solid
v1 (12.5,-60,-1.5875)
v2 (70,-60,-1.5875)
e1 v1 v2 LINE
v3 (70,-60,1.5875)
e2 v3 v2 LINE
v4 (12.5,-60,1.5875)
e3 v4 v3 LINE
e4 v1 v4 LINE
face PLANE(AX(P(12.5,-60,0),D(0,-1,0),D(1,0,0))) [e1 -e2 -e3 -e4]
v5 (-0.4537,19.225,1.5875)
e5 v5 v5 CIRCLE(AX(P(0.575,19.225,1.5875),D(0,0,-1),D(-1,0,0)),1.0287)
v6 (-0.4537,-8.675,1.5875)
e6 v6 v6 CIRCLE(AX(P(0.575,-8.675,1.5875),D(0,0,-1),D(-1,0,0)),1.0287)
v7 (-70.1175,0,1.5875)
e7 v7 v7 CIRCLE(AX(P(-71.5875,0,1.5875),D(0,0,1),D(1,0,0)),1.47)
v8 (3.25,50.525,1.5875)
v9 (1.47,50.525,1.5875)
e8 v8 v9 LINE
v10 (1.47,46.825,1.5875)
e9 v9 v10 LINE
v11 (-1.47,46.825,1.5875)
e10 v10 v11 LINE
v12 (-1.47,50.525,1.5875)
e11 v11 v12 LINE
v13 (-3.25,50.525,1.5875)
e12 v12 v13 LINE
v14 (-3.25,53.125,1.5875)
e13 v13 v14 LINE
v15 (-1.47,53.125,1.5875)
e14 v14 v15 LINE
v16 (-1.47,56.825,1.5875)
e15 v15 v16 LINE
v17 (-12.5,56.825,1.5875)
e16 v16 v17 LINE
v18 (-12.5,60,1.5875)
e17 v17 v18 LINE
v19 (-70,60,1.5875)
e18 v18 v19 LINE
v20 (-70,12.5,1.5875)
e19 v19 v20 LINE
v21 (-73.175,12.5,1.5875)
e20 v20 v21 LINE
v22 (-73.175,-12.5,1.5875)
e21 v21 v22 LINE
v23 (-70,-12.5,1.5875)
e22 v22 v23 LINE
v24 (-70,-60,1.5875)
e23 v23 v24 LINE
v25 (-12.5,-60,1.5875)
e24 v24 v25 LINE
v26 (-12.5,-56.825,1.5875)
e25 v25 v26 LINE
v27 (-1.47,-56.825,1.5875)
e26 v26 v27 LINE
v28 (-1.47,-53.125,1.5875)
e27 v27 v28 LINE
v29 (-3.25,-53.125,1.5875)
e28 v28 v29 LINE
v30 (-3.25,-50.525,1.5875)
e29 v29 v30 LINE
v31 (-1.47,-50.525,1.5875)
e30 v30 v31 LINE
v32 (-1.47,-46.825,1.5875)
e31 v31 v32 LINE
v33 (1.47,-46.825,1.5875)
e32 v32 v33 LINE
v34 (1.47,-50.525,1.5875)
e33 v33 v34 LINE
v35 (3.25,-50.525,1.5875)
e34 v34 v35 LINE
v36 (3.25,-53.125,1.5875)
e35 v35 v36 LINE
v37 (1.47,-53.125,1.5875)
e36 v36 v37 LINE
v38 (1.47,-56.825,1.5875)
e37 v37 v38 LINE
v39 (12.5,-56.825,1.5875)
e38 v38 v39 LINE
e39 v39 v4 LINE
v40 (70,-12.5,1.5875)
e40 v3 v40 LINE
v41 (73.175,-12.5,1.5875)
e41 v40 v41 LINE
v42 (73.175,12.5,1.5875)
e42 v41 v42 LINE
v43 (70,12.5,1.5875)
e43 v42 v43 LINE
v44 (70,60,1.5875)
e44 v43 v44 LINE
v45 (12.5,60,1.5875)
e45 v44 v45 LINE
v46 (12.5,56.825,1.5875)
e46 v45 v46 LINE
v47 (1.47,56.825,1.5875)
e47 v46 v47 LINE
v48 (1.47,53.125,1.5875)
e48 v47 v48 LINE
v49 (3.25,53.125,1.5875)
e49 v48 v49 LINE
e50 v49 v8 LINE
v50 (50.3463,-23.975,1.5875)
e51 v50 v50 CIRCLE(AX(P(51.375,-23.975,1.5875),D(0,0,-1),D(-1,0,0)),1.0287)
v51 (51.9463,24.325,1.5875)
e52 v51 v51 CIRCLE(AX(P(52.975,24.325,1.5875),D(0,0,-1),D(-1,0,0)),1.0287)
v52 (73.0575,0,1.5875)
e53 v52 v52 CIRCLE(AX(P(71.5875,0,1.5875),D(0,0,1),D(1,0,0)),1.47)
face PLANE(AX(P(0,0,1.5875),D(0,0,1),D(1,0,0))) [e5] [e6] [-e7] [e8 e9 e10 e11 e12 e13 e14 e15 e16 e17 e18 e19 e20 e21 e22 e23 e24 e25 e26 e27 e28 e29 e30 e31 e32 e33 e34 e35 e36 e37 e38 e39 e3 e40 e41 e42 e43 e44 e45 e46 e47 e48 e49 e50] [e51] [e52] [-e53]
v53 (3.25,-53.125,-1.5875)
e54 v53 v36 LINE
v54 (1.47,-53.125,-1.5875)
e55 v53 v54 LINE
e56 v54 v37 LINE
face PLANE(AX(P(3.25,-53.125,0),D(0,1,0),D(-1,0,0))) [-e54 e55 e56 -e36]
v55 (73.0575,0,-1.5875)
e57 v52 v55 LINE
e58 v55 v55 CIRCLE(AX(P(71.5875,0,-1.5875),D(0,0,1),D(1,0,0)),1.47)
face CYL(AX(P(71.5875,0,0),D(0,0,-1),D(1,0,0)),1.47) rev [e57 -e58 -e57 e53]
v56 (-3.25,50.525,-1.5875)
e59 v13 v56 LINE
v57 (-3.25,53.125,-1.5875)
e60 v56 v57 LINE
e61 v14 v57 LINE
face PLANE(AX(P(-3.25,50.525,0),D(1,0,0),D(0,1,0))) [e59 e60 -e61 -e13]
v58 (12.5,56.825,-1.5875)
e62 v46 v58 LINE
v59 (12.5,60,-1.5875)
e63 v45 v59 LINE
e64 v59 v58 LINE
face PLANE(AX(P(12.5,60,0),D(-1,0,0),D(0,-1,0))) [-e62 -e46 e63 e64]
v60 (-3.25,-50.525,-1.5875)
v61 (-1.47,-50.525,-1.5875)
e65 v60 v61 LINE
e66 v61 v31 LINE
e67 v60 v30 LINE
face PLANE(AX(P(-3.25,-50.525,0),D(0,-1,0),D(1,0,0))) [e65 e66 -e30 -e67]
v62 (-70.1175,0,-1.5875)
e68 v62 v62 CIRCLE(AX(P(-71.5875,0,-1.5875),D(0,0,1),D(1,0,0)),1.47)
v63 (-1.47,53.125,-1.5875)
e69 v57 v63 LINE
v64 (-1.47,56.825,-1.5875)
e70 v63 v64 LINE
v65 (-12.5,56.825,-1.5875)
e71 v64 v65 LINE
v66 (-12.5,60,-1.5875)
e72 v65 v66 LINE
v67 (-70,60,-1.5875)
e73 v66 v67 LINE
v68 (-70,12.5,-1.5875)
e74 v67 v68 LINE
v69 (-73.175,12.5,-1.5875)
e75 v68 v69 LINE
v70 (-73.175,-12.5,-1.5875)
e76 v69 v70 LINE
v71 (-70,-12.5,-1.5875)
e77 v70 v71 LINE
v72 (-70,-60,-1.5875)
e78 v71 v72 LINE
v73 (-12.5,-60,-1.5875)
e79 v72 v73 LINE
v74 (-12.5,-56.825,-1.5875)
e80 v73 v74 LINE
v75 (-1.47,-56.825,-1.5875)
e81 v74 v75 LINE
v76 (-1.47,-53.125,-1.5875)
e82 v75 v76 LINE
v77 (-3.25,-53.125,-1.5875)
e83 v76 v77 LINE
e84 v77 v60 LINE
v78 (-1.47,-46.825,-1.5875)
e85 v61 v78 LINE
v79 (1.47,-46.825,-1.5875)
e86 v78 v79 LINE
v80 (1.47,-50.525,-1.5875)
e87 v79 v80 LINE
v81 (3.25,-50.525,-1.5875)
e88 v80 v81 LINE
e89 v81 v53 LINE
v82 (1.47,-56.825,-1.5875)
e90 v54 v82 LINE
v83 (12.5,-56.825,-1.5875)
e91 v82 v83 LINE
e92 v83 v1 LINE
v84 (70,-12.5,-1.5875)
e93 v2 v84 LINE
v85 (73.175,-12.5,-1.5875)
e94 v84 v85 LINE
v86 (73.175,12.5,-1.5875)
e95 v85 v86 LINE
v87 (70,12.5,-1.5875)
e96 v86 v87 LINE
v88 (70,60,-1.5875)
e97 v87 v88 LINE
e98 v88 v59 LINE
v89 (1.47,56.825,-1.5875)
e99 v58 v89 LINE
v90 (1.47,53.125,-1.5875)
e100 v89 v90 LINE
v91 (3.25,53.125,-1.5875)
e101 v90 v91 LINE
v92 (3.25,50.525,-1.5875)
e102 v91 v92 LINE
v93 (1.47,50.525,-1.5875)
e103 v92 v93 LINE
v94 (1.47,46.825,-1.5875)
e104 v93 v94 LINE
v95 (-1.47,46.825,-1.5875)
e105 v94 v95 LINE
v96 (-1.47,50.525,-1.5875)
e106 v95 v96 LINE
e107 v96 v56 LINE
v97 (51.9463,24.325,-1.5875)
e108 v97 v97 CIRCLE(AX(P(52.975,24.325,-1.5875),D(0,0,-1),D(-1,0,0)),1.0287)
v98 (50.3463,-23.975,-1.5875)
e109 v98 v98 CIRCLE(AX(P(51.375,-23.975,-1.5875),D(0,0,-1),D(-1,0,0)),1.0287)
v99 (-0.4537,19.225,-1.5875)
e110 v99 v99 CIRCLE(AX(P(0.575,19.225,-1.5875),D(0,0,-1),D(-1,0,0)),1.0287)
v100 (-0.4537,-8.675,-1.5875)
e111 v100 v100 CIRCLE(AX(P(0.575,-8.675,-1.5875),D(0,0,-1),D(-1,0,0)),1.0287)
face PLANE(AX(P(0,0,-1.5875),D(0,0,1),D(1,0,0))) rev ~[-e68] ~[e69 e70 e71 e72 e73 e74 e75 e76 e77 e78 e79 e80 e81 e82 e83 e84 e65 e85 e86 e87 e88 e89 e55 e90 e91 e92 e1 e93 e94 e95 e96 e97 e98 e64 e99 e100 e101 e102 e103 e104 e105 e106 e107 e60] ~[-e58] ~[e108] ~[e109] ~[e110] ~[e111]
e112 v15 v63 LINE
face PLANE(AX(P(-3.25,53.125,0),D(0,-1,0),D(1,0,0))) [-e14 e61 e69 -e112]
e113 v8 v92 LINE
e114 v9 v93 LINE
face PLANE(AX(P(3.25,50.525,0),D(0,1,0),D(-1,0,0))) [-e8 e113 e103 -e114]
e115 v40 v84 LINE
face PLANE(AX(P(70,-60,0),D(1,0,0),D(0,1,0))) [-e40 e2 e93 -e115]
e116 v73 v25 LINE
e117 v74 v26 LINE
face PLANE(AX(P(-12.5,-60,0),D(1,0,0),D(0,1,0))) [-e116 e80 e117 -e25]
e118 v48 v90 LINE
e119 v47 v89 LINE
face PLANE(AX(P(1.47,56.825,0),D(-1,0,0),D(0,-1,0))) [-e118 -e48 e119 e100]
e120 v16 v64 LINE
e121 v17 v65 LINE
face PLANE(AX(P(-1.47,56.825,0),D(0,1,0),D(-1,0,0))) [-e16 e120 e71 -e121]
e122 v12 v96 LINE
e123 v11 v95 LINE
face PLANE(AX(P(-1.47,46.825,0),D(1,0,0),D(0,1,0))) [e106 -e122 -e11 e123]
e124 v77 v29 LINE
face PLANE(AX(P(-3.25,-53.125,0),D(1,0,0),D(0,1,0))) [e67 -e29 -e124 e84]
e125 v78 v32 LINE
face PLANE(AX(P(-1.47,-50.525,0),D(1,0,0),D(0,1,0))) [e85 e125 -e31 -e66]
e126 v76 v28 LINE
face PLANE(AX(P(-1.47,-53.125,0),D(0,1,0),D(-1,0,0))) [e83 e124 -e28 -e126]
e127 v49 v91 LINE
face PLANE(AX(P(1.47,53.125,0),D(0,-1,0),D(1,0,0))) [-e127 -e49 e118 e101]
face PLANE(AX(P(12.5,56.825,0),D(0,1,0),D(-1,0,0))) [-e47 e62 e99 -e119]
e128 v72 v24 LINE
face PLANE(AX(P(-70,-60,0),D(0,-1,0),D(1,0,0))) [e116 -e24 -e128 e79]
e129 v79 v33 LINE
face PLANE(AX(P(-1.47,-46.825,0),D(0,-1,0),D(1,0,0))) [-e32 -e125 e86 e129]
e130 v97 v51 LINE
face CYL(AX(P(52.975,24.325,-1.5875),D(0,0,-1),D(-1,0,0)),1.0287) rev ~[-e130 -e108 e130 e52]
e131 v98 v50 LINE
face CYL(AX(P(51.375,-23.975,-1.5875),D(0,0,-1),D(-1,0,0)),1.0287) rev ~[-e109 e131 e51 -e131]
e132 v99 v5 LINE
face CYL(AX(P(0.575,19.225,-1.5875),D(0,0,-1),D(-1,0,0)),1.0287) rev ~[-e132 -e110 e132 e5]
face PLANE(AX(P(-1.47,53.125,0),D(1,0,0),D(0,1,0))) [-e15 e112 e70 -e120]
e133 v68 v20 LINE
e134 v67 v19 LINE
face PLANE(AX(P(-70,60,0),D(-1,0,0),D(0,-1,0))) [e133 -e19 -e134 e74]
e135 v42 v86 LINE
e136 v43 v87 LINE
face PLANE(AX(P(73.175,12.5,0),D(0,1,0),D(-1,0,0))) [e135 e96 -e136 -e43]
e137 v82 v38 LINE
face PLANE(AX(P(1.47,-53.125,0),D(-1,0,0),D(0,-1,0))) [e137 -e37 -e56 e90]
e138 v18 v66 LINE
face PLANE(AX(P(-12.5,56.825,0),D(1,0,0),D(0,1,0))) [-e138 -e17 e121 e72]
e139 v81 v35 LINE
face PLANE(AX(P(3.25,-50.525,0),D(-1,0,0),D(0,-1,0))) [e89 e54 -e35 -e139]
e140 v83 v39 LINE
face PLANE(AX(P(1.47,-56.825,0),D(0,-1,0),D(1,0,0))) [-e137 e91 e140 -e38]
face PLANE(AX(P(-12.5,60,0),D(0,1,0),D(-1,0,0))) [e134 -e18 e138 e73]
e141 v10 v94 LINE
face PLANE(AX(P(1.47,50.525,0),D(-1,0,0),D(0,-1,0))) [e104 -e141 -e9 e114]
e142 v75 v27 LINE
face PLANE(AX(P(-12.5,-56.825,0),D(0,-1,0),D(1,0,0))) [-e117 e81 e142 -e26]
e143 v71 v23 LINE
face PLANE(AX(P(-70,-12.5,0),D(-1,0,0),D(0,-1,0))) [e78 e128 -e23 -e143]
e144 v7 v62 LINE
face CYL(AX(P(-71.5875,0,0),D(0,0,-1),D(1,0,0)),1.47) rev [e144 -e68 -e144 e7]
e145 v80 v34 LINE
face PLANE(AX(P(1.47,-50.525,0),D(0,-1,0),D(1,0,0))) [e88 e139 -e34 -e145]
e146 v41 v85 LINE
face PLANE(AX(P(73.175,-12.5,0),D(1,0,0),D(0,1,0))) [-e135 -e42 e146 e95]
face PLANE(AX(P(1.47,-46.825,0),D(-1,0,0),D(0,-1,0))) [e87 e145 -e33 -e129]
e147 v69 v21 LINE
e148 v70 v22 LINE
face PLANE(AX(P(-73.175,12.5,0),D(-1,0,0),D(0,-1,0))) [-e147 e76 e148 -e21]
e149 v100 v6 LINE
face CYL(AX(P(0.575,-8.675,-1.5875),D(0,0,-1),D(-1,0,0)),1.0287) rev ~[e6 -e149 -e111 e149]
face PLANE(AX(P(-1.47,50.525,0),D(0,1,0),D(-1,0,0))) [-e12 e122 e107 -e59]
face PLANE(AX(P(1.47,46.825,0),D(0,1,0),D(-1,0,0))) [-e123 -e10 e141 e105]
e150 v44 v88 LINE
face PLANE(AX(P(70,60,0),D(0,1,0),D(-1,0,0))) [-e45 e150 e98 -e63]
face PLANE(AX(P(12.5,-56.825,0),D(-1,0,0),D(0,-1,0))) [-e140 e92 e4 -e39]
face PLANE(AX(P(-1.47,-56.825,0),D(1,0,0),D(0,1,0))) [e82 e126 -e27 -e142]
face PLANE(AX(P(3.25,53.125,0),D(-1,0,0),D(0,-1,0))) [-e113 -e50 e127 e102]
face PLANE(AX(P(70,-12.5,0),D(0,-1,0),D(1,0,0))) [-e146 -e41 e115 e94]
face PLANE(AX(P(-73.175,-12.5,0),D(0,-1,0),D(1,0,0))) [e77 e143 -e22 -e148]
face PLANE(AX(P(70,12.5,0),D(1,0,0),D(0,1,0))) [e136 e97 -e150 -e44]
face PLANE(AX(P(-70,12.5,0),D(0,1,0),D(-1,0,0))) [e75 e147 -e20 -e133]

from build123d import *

# Parameters (mm, degrees)
SKETCH1_R           = 1.47
BOSS_EXTRUDE1_DEPTH = 1.5875
SKETCH3_R           = 1.0287
CUT_EXTRUDE1_DEPTH  = 4.175


with BuildPart() as part:
    # Sketch1 → Boss-Extrude1 (new body, symmetric)
    with BuildSketch(Plane.XY):
        Polygon((-12.5, 60), (-70, 60), (-70, 12.5), (-73.175, 12.5), (-73.175, -12.5), (-70, -12.5), (-70, -60), (-12.5, -60), (-12.5, -56.825), (-1.47, -56.825), (-1.47, -53.125), (-3.25, -53.125), (-3.25, -50.525), (-1.47, -50.525), (-1.47, -46.825), (1.47, -46.825), (1.47, -50.525), (3.25, -50.525), (3.25, -53.125), (1.47, -53.125), (1.47, -56.825), (12.5, -56.825), (12.5, -60), (70, -60), (70, -12.5), (73.175, -12.5), (73.175, 12.5), (70, 12.5), (70, 60), (12.5, 60), (12.5, 56.825), (1.47, 56.825), (1.47, 53.125), (3.25, 53.125), (3.25, 50.525), (1.47, 50.525), (1.47, 46.825), (-1.47, 46.825), (-1.47, 50.525), (-3.25, 50.525), (-3.25, 53.125), (-1.47, 53.125), (-1.47, 56.825), (-12.5, 56.825), align=None)
        with Locations((-71.5875, 0)):
            Circle(SKETCH1_R, mode=Mode.SUBTRACT)
        with Locations((71.5875, 0)):
            Circle(SKETCH1_R, mode=Mode.SUBTRACT)
    extrude(amount=BOSS_EXTRUDE1_DEPTH, both=True)

    # Sketch3 → Cut-Extrude1 (cut, through all)
    with BuildSketch(Plane(origin=(0, 0, -1.5875), x_dir=(-1, 0, 0), z_dir=(0, 0, -1))):
        with Locations((-51.375, -23.975)):
            Circle(SKETCH3_R)
        with Locations((-52.975, 24.325)):
            Circle(SKETCH3_R)
        with Locations((-0.575, -8.675)):
            Circle(SKETCH3_R)
        with Locations((-0.575, 19.225)):
            Circle(SKETCH3_R)
    extrude(amount=-CUT_EXTRUDE1_DEPTH, mode=Mode.SUBTRACT)


solid = part.part
